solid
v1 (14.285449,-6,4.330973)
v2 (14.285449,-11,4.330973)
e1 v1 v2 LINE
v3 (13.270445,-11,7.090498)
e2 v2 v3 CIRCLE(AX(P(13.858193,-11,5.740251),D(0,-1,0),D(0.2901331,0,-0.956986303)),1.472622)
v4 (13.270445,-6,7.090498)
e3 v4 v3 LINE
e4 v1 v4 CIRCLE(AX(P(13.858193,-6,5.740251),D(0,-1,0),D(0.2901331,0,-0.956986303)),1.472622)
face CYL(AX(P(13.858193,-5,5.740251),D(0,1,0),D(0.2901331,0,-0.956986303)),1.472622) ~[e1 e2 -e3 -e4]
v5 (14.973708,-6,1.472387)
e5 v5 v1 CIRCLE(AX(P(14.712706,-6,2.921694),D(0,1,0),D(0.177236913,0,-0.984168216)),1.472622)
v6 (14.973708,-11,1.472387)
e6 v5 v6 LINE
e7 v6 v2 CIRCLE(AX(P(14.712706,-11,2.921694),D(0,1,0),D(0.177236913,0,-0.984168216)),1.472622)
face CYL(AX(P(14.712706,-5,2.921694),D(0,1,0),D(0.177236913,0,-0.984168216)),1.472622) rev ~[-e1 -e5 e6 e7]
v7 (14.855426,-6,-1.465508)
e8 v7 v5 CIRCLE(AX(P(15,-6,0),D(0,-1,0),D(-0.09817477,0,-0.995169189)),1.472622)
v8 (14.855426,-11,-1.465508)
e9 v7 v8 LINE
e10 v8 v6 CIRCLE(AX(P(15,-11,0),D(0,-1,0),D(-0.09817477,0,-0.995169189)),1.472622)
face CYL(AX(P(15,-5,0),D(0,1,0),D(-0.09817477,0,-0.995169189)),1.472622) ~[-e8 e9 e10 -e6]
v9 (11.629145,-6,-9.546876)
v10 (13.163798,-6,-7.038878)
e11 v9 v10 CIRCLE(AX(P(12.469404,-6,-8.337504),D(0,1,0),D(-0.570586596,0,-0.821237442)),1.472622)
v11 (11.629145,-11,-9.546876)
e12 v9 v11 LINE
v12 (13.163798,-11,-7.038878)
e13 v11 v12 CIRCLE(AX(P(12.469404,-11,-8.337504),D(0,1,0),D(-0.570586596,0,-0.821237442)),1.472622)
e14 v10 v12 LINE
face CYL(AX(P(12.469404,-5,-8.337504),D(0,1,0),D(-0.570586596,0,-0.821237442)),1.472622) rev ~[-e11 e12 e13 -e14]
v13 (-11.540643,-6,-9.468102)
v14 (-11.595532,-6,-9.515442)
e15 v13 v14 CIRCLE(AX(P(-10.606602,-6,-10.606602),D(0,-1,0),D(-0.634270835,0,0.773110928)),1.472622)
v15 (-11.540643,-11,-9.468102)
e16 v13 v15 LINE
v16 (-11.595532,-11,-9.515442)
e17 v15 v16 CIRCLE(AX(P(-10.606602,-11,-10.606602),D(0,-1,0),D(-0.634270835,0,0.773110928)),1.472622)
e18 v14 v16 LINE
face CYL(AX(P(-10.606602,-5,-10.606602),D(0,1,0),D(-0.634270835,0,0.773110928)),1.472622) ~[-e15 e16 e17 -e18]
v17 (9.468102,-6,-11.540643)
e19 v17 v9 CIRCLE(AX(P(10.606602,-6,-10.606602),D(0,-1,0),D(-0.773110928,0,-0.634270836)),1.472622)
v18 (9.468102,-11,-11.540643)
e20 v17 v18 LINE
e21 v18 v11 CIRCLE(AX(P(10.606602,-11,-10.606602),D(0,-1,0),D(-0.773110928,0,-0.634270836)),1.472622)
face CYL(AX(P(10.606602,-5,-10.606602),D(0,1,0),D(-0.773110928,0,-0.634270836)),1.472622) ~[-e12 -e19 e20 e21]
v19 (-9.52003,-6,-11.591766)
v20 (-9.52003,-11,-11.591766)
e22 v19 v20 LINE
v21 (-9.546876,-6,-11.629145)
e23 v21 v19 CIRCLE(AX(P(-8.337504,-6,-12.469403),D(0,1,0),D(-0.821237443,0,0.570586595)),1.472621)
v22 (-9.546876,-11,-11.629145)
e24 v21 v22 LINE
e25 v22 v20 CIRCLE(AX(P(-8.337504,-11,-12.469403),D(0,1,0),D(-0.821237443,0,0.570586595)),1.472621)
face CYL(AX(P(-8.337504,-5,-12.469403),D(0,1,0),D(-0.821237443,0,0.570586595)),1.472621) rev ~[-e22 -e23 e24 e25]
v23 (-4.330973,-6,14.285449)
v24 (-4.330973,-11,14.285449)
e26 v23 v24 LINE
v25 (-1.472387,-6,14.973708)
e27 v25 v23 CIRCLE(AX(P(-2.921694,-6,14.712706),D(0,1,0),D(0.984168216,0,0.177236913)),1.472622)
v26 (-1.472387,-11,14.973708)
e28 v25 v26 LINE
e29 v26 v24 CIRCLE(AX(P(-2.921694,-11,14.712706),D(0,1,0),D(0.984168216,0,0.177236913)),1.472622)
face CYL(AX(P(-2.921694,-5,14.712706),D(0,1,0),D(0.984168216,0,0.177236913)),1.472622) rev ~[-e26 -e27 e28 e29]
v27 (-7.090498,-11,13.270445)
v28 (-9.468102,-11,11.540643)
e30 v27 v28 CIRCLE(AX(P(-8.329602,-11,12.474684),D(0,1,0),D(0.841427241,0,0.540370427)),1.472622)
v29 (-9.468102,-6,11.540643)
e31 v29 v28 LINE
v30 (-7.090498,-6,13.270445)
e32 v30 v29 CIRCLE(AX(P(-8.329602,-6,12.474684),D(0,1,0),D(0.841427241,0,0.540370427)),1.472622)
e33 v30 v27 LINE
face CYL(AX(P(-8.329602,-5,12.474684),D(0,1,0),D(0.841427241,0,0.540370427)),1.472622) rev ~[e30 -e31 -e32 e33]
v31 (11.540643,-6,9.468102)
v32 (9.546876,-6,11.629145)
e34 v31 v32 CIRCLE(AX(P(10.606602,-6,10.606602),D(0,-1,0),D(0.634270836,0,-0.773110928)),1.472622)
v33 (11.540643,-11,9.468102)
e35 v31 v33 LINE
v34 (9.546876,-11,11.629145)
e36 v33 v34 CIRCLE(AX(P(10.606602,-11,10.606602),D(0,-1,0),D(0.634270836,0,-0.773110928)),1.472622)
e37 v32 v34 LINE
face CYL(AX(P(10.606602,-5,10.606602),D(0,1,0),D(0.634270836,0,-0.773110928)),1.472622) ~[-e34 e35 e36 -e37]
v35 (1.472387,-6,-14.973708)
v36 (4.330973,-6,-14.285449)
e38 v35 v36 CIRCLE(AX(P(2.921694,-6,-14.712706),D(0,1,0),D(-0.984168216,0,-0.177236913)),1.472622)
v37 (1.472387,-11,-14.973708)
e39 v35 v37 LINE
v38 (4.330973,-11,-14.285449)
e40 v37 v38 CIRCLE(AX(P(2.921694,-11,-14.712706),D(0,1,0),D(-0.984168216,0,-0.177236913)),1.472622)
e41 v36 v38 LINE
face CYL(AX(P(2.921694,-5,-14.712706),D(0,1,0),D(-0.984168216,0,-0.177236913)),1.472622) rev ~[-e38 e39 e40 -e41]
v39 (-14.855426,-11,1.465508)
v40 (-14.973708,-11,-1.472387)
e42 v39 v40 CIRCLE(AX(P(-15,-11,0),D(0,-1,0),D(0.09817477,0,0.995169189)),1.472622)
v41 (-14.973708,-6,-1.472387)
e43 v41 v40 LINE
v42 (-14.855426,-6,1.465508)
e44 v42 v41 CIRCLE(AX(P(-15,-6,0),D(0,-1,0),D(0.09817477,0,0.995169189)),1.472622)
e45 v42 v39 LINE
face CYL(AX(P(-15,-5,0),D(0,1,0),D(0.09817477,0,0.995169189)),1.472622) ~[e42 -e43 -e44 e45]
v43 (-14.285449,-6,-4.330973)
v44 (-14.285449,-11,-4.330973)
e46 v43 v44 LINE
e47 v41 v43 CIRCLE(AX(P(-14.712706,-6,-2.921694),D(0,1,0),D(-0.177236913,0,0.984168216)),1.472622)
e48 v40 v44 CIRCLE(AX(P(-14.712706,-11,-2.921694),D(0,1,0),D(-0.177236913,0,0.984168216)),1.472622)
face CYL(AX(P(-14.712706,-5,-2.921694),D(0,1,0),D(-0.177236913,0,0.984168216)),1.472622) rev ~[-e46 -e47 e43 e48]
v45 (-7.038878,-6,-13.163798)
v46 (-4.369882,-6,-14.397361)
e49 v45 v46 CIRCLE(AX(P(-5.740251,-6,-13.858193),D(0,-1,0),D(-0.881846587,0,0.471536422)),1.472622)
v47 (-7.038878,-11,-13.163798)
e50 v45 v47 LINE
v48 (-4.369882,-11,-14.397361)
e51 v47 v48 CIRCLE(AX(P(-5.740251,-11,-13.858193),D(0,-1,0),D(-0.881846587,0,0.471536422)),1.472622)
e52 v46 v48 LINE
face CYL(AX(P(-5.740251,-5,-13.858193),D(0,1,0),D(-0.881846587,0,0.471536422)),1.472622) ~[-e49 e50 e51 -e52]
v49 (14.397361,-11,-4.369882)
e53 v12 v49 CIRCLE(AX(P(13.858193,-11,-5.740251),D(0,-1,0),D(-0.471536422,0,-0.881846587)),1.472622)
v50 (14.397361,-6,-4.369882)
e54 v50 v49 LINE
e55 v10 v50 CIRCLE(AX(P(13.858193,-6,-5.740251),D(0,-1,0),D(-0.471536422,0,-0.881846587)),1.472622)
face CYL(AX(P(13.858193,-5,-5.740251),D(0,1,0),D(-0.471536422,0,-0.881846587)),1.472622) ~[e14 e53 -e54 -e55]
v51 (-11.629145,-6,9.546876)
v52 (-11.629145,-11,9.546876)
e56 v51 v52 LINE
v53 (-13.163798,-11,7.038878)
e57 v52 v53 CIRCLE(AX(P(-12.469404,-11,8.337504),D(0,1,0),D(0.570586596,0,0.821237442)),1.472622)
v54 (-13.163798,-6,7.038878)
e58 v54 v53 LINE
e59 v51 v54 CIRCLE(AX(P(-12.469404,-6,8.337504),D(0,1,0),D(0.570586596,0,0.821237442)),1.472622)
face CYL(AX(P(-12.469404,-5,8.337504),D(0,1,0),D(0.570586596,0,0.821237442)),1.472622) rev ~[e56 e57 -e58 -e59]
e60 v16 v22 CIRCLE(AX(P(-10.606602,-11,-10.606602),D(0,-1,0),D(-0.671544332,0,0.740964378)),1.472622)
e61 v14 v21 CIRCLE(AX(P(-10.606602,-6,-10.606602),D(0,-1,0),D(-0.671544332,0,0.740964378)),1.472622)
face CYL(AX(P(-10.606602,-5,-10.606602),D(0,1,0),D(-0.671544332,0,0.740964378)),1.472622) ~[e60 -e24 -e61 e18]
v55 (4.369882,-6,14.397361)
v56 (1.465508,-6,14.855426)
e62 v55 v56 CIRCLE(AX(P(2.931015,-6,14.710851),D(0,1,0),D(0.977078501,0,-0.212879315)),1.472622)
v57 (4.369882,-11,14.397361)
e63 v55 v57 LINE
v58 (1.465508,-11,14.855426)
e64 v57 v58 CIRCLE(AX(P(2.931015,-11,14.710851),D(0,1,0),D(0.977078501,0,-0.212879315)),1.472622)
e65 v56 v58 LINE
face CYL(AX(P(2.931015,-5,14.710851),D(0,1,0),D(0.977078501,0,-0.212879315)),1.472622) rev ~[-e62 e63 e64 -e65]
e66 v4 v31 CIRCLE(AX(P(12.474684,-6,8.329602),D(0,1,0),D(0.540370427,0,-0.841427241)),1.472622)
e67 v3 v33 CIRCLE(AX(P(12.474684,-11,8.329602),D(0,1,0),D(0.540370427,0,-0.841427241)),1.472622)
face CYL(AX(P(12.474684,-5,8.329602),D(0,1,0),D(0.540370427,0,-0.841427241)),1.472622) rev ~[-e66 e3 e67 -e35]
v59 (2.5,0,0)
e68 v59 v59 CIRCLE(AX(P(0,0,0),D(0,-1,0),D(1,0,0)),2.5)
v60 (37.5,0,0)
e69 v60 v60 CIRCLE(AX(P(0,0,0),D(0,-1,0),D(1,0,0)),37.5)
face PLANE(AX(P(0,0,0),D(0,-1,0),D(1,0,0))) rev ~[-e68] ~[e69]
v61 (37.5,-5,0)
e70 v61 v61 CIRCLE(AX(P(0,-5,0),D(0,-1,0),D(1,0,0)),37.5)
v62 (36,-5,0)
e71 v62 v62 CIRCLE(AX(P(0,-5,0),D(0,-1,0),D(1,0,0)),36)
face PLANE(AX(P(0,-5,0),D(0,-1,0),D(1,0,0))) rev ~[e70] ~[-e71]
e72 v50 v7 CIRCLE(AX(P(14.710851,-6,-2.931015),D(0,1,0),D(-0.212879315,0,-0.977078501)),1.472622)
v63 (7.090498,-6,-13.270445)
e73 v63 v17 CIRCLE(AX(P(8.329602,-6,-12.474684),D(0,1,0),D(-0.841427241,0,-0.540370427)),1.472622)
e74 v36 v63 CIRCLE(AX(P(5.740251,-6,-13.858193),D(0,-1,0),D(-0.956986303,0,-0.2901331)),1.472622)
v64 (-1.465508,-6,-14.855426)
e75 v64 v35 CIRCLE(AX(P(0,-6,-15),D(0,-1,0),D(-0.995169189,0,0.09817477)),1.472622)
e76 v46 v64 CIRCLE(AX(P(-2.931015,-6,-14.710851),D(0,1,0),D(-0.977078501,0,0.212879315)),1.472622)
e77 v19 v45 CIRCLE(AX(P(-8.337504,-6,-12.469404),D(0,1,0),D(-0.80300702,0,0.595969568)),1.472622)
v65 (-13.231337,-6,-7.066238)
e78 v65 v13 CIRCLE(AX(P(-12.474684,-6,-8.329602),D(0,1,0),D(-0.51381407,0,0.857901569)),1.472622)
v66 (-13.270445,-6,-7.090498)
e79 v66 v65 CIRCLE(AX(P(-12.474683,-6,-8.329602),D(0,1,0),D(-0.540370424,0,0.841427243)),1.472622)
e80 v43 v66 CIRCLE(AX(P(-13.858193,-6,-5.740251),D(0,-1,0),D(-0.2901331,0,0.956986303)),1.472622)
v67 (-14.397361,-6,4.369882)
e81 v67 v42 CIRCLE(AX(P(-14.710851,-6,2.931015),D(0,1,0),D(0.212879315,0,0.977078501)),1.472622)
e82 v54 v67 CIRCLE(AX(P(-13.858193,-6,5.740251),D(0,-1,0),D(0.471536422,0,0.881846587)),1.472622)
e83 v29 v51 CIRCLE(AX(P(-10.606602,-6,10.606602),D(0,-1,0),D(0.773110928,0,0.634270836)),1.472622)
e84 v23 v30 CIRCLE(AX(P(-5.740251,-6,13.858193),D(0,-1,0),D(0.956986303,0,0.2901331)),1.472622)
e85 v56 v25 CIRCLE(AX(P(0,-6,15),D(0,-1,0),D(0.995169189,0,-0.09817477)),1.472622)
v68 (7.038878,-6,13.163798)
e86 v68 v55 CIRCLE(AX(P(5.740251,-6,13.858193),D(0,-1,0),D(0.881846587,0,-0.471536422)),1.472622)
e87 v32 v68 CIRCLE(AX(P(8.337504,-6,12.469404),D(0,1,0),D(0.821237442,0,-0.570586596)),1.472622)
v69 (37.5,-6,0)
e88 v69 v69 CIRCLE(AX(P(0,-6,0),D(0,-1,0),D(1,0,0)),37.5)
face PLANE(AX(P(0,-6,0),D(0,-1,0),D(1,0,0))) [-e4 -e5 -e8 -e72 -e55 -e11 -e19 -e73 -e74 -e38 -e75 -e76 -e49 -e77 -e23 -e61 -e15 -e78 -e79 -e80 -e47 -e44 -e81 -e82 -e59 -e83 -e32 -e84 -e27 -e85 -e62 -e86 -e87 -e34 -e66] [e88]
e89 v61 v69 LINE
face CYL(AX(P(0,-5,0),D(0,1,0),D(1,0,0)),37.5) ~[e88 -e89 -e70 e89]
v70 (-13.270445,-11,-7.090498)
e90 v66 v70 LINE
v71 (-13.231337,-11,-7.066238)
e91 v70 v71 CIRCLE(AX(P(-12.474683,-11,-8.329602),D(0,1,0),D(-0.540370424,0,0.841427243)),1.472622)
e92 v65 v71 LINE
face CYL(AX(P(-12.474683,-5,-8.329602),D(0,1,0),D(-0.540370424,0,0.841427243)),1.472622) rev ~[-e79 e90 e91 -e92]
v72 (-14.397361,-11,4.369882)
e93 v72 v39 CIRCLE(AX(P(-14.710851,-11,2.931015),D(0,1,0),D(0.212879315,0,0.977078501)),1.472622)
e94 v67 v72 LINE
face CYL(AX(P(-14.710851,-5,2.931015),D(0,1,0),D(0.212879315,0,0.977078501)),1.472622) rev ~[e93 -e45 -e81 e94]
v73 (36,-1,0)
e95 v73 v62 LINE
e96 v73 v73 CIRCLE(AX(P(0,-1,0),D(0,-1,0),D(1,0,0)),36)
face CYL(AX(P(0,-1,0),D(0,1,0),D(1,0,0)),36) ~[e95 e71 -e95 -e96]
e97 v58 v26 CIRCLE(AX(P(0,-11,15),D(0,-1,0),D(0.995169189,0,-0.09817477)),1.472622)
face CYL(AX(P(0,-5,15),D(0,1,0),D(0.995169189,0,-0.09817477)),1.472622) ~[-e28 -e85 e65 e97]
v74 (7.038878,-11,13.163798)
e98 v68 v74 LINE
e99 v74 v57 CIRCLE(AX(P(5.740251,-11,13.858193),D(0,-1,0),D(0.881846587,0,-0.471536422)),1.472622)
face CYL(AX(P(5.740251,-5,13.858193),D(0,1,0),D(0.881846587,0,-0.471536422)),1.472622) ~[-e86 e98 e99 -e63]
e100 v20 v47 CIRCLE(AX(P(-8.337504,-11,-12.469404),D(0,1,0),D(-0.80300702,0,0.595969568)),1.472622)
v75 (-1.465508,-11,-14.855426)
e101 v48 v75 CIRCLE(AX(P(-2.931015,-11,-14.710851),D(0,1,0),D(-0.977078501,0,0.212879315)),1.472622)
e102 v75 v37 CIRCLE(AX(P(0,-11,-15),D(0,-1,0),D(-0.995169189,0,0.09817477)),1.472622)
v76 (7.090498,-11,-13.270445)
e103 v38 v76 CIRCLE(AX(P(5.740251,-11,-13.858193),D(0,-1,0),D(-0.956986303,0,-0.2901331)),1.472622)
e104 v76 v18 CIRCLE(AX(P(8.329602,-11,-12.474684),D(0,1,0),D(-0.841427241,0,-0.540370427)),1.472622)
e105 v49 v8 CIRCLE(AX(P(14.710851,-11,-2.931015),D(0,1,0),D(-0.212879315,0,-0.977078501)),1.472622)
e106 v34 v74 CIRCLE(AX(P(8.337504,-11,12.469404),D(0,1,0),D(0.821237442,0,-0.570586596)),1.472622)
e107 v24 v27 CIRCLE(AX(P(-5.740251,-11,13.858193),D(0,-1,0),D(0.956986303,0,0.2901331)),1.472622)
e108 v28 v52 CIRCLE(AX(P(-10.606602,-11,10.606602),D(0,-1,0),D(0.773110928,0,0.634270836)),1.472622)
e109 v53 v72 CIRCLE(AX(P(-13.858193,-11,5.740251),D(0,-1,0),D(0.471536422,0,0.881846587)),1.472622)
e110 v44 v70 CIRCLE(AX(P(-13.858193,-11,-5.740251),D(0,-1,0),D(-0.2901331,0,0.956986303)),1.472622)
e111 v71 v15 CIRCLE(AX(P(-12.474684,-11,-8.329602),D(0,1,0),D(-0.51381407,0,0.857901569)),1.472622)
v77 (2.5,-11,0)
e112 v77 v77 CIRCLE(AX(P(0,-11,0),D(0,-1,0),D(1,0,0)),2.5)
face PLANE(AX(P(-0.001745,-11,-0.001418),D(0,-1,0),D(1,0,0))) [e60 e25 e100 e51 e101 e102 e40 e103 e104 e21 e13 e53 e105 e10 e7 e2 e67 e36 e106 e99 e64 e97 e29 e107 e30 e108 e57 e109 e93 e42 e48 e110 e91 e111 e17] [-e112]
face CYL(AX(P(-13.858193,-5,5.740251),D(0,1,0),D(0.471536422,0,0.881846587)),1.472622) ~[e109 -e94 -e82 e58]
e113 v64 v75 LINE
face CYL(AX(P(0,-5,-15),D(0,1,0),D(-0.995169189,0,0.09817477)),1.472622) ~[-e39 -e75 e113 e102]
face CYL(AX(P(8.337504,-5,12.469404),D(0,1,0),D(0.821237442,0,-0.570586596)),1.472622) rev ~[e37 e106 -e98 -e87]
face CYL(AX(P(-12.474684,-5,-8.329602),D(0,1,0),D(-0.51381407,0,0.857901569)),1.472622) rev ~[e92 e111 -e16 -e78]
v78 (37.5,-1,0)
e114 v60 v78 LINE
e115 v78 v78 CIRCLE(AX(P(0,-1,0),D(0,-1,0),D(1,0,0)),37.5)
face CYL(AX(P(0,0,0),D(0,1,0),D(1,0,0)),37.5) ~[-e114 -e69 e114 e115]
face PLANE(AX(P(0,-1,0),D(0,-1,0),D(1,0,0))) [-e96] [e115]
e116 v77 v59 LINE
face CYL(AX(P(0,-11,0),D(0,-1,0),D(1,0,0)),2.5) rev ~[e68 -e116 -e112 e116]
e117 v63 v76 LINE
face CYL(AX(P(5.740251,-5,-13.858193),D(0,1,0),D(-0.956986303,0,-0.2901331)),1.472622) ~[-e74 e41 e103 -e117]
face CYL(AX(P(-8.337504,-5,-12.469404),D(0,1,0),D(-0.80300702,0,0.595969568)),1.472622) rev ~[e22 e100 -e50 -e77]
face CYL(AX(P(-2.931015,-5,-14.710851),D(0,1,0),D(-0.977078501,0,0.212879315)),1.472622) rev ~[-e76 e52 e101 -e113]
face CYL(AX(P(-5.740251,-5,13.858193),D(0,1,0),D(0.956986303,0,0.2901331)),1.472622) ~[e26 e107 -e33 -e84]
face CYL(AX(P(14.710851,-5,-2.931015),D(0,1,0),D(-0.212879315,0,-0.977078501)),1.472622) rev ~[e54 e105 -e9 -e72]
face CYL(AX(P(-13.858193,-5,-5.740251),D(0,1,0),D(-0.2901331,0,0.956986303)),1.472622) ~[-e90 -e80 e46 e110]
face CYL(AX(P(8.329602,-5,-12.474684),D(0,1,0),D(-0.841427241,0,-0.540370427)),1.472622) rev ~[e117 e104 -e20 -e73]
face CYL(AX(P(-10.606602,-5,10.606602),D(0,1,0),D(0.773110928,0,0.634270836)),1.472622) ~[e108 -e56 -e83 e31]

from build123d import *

# Parameters (mm, degrees)
F0_R      = 37.5
F1_DEPTH  = 1
F2_R      = 36
F3_DEPTH  = 4
F4_R      = 37.5
F4_R_2    = 36
F5_DEPTH  = 1
F7_DEPTH  = 6
F8_DEPTH  = 1
F9_R      = 2.5
F10_DEPTH = 20


with BuildPart() as f1:
    # F0 (on Front) → F1 (new body)
    with BuildSketch(Plane.XZ):
        Circle(F0_R)
    extrude(amount=F1_DEPTH)

    # F2 (on face) → F3 (join)
    with BuildSketch(Plane.XZ.offset(1)):
        Circle(F2_R)
    extrude(amount=F3_DEPTH)

    # F4 (on face) → F5 (join)
    with BuildSketch(Plane.XZ.offset(5)):
        Circle(F4_R)
        Circle(F4_R_2, mode=Mode.SUBTRACT)
    extrude(amount=F5_DEPTH)

    # F6 (on face) → F7 (join)
    with BuildSketch(Plane.XZ.offset(5)):
        with BuildLine():
            ThreePointArc((-14.3973607657, 4.3698820625), (-13.2562102609, 2.7015956993), (-14.8554257168, 1.4655075997))
            ThreePointArc((-14.8554257168, 1.4655075997), (-16.4714294815, 0.0592412802), (-14.9737084003, -1.4723868378))
            ThreePointArc((-14.9737084003, -1.4723868378), (-13.2809972538, -2.5769830711), (-14.2854492449, -4.3309728264))
            ThreePointArc((-14.2854492449, -4.3309728264), (-15.2402872256, -6.2486113636), (-13.270444668, -7.0904981892))
            ThreePointArc((-13.270444668, -7.0904981892), (-13.2509857133, -7.078215185), (-13.2313372043, -7.0662377391))
            ThreePointArc((-13.2313372043, -7.0662377391), (-11.2704807141, -7.4819524915), (-11.5406426234, -9.4681019001))
            ThreePointArc((-11.5406426234, -9.4681019001), (-11.5683788085, -9.4914339833), (-11.5955323776, -9.515441602))
            ThreePointArc((-11.5955323776, -9.515441602), (-11.6640462748, -11.6315042777), (-9.5468760318, -11.6291454669))
            ThreePointArc((-9.5468760318, -11.6291454669), (-9.5335988041, -11.6103508311), (-9.5200295189, -11.5917659551))
            ThreePointArc((-9.5200295189, -11.5917659551), (-7.5493471931, -11.2254490142), (-7.0388777787, -13.163798288))
            ThreePointArc((-7.0388777787, -13.163798288), (-6.3580749762, -15.1949459127), (-4.3698820625, -14.3973607657))
            ThreePointArc((-4.3698820625, -14.3973607657), (-2.7015956993, -13.2562102609), (-1.4655075997, -14.8554257168))
            ThreePointArc((-1.4655075997, -14.8554257168), (-0.0592412802, -16.4714294815), (1.4723868378, -14.9737084003))
            ThreePointArc((1.4723868378, -14.9737084003), (2.5769830711, -13.2809972538), (4.3309728264, -14.2854492449))
            ThreePointArc((4.3309728264, -14.2854492449), (6.2486113636, -15.2402872256), (7.0904981892, -13.270444668))
            ThreePointArc((7.0904981892, -13.270444668), (7.4632395293, -11.2838728073), (9.4681019001, -11.5406426234))
            ThreePointArc((9.4681019001, -11.5406426234), (11.6051695712, -11.6889493932), (11.6291454669, -9.5468760318))
            ThreePointArc((11.6291454669, -9.5468760318), (11.2132854236, -7.5688810145), (13.163798288, -7.0388777787))
            ThreePointArc((13.163798288, -7.0388777787), (15.1949459127, -6.3580749762), (14.3973607657, -4.3698820625))
            ThreePointArc((14.3973607657, -4.3698820625), (13.2562102609, -2.7015956993), (14.8554257168, -1.4655075997))
            ThreePointArc((14.8554257168, -1.4655075997), (16.4714294815, -0.0592412802), (14.9737084003, 1.4723868378))
            ThreePointArc((14.9737084003, 1.4723868378), (13.2809972538, 2.5769830711), (14.2854492449, 4.3309728264))
            ThreePointArc((14.2854492449, 4.3309728264), (15.2402872256, 6.2486113636), (13.270444668, 7.0904981892))
            ThreePointArc((13.270444668, 7.0904981892), (11.2838728073, 7.4632395293), (11.5406426234, 9.4681019001))
            ThreePointArc((11.5406426234, 9.4681019001), (11.6889493932, 11.6051695712), (9.5468760318, 11.6291454669))
            ThreePointArc((9.5468760318, 11.6291454669), (7.5688810145, 11.2132854236), (7.0388777787, 13.163798288))
            ThreePointArc((7.0388777787, 13.163798288), (6.3580749762, 15.1949459127), (4.3698820625, 14.3973607657))
            ThreePointArc((4.3698820625, 14.3973607657), (2.7015956993, 13.2562102609), (1.4655075997, 14.8554257168))
            ThreePointArc((1.4655075997, 14.8554257168), (0.0592412802, 16.4714294815), (-1.4723868378, 14.9737084003))
            ThreePointArc((-1.4723868378, 14.9737084003), (-2.5769830711, 13.2809972538), (-4.3309728264, 14.2854492449))
            ThreePointArc((-4.3309728264, 14.2854492449), (-6.2486113636, 15.2402872256), (-7.0904981892, 13.270444668))
            ThreePointArc((-7.0904981892, 13.270444668), (-7.4632395293, 11.2838728073), (-9.4681019001, 11.5406426234))
            ThreePointArc((-9.4681019001, 11.5406426234), (-11.6051695712, 11.6889493932), (-11.6291454669, 9.5468760318))
            ThreePointArc((-11.6291454669, 9.5468760318), (-11.2132854236, 7.5688810145), (-13.163798288, 7.0388777787))
            ThreePointArc((-13.163798288, 7.0388777787), (-15.1949459127, 6.3580749762), (-14.3973607657, 4.3698820625))
        make_face()
    extrude(amount=F7_DEPTH)

    # F8 (add): a face of the model
    f8_faces = [f1.faces().sort_by_distance(p)[0] for p in [
        (-34.9817662351, -5, 0),
    ]]
    extrude(f8_faces, amount=F8_DEPTH)

    # F9 (on face) → F10 (cut)
    with BuildSketch(Plane.XZ.offset(11)):
        Circle(F9_R)
    extrude(amount=-F10_DEPTH, mode=Mode.SUBTRACT)


solid = f1.part
